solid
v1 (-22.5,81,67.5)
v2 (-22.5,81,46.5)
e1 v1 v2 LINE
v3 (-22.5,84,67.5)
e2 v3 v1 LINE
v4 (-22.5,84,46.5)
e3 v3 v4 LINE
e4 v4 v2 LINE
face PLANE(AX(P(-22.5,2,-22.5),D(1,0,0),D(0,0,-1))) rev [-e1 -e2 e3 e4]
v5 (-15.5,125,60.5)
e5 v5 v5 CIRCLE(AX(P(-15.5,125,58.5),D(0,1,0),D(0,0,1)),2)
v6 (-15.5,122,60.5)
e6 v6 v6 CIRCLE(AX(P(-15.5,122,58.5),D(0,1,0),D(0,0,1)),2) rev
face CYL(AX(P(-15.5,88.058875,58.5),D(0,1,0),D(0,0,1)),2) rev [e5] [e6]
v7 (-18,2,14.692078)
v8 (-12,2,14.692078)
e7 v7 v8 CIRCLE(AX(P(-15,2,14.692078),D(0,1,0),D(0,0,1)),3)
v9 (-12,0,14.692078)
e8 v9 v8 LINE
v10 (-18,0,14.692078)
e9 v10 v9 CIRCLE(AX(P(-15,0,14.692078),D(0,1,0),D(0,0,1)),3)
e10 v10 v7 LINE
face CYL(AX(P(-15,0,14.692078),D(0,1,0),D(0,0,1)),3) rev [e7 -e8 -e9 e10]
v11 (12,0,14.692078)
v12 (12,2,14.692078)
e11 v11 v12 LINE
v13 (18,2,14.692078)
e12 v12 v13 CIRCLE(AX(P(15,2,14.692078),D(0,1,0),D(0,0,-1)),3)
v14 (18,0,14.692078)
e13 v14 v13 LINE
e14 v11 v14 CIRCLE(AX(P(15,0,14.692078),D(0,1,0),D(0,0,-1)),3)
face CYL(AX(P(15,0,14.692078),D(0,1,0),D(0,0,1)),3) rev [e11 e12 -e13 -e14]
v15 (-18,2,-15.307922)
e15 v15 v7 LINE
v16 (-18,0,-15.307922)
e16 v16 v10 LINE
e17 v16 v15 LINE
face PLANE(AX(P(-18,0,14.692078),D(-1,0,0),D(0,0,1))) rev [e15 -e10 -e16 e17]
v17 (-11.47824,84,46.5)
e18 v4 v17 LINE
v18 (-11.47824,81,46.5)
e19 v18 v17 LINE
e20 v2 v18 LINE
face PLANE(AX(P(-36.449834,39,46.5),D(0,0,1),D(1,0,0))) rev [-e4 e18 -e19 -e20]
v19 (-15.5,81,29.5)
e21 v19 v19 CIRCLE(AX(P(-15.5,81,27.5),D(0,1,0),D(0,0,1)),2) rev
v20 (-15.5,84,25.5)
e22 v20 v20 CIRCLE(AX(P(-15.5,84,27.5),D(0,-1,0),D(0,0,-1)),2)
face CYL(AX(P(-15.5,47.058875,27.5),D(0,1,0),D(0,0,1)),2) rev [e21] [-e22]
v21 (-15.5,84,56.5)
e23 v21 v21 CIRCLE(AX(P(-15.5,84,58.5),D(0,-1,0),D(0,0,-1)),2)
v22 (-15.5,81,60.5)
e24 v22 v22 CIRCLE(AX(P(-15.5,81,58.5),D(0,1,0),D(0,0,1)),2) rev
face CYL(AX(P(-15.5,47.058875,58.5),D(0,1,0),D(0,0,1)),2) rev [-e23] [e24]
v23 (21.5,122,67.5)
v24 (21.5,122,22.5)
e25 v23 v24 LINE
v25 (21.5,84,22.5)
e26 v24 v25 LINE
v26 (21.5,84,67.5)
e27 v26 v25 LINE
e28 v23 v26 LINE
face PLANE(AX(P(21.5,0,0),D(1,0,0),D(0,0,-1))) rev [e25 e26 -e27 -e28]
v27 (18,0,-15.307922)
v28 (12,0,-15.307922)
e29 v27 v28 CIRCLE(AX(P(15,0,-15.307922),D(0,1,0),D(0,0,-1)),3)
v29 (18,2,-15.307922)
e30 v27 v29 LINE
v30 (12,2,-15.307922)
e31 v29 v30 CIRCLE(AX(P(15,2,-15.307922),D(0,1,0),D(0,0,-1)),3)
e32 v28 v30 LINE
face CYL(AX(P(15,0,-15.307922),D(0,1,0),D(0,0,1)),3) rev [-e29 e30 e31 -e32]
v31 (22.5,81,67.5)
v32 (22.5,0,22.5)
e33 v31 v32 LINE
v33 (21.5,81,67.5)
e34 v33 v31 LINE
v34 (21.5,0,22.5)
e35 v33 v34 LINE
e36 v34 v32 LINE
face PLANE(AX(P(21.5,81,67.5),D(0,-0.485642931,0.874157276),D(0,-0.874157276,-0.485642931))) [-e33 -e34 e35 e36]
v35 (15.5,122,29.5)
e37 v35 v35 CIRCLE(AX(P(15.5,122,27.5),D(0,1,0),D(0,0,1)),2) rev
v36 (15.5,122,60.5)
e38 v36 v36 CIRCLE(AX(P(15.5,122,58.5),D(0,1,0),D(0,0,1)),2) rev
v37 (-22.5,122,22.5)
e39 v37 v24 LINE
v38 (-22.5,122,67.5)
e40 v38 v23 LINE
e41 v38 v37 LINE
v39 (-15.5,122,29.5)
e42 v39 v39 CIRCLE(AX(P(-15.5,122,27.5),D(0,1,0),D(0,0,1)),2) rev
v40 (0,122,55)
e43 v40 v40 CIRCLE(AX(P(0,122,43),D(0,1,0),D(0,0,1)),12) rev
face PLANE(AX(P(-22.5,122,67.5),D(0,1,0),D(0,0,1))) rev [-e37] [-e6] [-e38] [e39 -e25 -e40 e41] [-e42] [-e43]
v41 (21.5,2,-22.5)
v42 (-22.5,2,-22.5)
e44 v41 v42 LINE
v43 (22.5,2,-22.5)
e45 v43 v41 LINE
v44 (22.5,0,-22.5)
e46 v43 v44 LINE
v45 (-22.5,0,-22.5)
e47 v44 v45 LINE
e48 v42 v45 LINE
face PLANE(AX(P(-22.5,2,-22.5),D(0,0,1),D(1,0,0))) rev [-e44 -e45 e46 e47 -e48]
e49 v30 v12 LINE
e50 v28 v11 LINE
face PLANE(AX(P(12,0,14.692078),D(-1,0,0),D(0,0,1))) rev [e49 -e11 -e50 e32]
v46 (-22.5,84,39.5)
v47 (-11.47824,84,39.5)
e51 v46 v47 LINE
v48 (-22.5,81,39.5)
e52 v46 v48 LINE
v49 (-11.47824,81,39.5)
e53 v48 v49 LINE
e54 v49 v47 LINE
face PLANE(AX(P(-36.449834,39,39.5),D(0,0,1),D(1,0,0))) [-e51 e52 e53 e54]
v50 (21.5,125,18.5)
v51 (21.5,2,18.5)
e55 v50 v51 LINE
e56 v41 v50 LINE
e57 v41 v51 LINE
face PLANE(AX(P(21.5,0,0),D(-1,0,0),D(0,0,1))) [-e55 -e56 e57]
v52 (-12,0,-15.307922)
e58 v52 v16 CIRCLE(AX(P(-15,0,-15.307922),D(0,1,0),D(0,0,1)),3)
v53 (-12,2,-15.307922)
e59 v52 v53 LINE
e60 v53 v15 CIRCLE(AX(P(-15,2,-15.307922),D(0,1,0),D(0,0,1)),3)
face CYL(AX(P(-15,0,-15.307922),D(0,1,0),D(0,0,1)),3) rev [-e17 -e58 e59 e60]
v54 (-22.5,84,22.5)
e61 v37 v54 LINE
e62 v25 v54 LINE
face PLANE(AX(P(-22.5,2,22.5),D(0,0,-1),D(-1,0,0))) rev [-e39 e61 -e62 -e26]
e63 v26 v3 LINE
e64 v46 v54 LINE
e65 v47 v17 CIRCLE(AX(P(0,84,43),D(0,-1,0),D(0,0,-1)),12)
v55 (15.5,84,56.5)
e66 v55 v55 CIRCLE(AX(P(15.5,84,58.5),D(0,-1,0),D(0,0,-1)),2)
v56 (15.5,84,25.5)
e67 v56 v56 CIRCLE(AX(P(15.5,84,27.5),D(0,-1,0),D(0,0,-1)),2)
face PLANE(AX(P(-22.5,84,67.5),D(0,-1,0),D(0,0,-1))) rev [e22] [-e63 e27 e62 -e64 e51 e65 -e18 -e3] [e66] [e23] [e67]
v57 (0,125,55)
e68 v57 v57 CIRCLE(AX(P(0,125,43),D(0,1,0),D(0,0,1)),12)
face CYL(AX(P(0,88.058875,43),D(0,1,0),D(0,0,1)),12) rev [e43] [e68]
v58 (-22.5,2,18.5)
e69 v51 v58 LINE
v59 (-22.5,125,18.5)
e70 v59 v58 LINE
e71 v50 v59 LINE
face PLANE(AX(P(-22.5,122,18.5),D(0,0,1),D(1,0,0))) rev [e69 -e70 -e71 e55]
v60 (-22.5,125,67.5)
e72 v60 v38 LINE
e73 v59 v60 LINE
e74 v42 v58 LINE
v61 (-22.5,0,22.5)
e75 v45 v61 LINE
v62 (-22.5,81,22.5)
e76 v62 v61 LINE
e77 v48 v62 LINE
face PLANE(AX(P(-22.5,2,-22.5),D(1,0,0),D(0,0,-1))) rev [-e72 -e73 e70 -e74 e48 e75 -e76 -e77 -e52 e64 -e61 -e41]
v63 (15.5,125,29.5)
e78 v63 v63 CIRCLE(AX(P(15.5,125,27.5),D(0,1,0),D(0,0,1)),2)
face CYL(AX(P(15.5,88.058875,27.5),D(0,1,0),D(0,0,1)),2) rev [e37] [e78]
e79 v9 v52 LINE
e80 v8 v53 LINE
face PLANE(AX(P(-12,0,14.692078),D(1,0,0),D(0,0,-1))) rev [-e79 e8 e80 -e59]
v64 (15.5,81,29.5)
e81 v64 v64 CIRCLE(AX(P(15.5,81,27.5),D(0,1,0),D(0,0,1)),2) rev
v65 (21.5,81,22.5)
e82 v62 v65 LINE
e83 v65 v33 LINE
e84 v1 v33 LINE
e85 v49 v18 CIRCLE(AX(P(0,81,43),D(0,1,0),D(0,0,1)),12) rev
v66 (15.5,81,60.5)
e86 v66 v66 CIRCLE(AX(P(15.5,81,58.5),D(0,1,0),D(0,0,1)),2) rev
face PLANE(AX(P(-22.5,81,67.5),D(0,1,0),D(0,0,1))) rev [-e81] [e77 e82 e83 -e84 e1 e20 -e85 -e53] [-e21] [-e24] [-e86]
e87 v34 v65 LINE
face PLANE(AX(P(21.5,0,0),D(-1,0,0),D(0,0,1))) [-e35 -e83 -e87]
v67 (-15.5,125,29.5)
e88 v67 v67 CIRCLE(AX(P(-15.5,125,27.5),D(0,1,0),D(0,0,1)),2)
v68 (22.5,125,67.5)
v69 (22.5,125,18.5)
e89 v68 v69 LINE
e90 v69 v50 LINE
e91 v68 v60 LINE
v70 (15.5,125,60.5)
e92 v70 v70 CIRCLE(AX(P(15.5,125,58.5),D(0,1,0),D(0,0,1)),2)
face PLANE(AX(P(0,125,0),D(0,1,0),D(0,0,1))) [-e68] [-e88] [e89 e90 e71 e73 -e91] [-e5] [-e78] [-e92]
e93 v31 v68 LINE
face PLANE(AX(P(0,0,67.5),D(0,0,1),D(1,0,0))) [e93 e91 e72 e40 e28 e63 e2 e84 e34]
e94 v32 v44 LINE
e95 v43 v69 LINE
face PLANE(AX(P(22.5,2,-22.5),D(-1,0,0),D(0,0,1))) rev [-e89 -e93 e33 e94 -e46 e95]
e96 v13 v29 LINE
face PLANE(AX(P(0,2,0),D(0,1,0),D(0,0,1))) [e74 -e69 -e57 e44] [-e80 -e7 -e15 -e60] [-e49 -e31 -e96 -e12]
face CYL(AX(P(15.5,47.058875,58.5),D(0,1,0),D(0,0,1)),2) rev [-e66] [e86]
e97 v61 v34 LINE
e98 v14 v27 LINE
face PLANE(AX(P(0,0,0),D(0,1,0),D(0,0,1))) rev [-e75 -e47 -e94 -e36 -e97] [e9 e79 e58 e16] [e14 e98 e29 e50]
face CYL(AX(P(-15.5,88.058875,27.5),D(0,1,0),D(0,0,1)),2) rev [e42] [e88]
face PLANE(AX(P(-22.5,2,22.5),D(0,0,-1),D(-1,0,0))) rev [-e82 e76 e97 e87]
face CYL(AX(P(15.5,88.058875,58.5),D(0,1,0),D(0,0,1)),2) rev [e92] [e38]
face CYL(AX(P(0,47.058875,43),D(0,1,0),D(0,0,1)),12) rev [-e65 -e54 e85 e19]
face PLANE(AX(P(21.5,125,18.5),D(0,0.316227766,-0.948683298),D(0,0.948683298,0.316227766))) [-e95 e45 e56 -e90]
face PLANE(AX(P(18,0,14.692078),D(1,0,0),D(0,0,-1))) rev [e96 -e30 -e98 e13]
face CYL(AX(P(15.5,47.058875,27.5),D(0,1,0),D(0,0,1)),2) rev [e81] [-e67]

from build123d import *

# Parameters (mm, degrees)
CROQUIS1_W              = 45
CROQUIS1_H              = 45
SALIENTE_EXTRUIR1_DEPTH = 2
CORTAR_EXTRUIR1_DEPTH   = 2
CROQUIS3_W              = 45
CROQUIS3_H              = 4
SALIENTE_EXTRUIR2_DEPTH = 120
CROQUIS4_W              = 45
CROQUIS4_H              = 4
SALIENTE_EXTRUIR3_DEPTH = 3
CROQUIS5_W              = 45
CROQUIS5_H              = 3
SALIENTE_EXTRUIR4_DEPTH = 45
CROQUIS6_R              = 12
CROQUIS6_R_2            = 2
CORTAR_EXTRUIR2_DEPTH   = 3
CROQUIS7_W              = 45
CROQUIS7_H              = 3
SALIENTE_EXTRUIR5_DEPTH = 45
CROQUIS8_R              = 12
CROQUIS8_R_2            = 2
CORTAR_EXTRUIR4_DEPTH   = 44
CROQUIS11_W             = 27.899668072
CROQUIS11_H             = 7
CORTAR_EXTRUIR5_DEPTH   = 45
SALIENTE_EXTRUIR6_DEPTH = 1
SALIENTE_EXTRUIR7_DEPTH = 1
SALIENTE_EXTRUIR8_DEPTH = 1


with BuildPart() as part:
    # Croquis1 → Saliente-Extruir1 (new body)
    with BuildSketch(Plane(origin=(0, 0, 0), x_dir=(1, 0, 0), z_dir=(0, 1, 0))):
        Rectangle(CROQUIS1_W, CROQUIS1_H)
    extrude(amount=SALIENTE_EXTRUIR1_DEPTH)

    # Croquis2 → Cortar-Extruir1 (cut)
    with BuildSketch(Plane(origin=(0, 2, 0), x_dir=(1, 0, 0), z_dir=(0, 1, 0))):
        with BuildLine():
            Line((-18, -14.692077551), (-18, 15.307922449))
            ThreePointArc((-18, 15.307922449), (-15, 18.307922449), (-12, 15.307922449))
            Line((-12, 15.307922449), (-12, -14.692077551))
            ThreePointArc((-12, -14.692077551), (-15, -17.692077551), (-18, -14.692077551))
        make_face()
        with BuildLine():
            Line((18, -14.692077551), (18, 15.307922449))
            ThreePointArc((18, 15.307922449), (15, 18.307922449), (12, 15.307922449))
            Line((12, 15.307922449), (12, -14.692077551))
            ThreePointArc((12, -14.692077551), (15, -17.692077551), (18, -14.692077551))
        make_face()
    extrude(amount=-CORTAR_EXTRUIR1_DEPTH, mode=Mode.SUBTRACT)

    # Croquis3 → Saliente-Extruir2 (add)
    with BuildSketch(Plane(origin=(0, 2, 0), x_dir=(1, 0, 0), z_dir=(0, 1, 0))):
        with Locations((0, -20.5)):
            Rectangle(CROQUIS3_W, CROQUIS3_H)
    extrude(amount=SALIENTE_EXTRUIR2_DEPTH)

    # Croquis4 → Saliente-Extruir3 (add)
    with BuildSketch(Plane(origin=(0, 122, 0), x_dir=(1, 0, 0), z_dir=(0, 1, 0))):
        with Locations((0, -20.5)):
            Rectangle(CROQUIS4_W, CROQUIS4_H)
    extrude(amount=SALIENTE_EXTRUIR3_DEPTH)

    # Croquis5 → Saliente-Extruir4 (add)
    with BuildSketch(Plane.XY.offset(22.5)):
        with Locations((0, 123.5)):
            Rectangle(CROQUIS5_W, CROQUIS5_H)
    extrude(amount=SALIENTE_EXTRUIR4_DEPTH)

    # Croquis6 → Cortar-Extruir2 (cut)
    with BuildSketch(Plane(origin=(0, 125, 0), x_dir=(1, 0, 0), z_dir=(0, 1, 0))):
        with Locations((0, -43)):
            Circle(CROQUIS6_R)
        with Locations((-15.5, -27.5)):
            Circle(CROQUIS6_R_2)
        with Locations((15.5, -27.5)):
            Circle(CROQUIS6_R_2)
        with Locations((15.5, -58.5)):
            Circle(CROQUIS6_R_2)
        with Locations((-15.5, -58.5)):
            Circle(CROQUIS6_R_2)
    extrude(amount=-CORTAR_EXTRUIR2_DEPTH, mode=Mode.SUBTRACT)

    # Croquis7 → Saliente-Extruir5 (add)
    with BuildSketch(Plane.XY.offset(22.5)):
        with Locations((0, 82.5)):
            Rectangle(CROQUIS7_W, CROQUIS7_H)
    extrude(amount=SALIENTE_EXTRUIR5_DEPTH)

    # Croquis8 → Cortar-Extruir4 (cut)
    with BuildSketch(Plane(origin=(0, 125, 0), x_dir=(1, 0, 0), z_dir=(0, 1, 0))):
        with Locations((0, -43)):
            Circle(CROQUIS8_R)
        with Locations((15.5, -58.5)):
            Circle(CROQUIS8_R_2)
        with Locations((15.5, -27.5)):
            Circle(CROQUIS8_R_2)
        with Locations((-15.5, -27.5)):
            Circle(CROQUIS8_R_2)
        with Locations((-15.5, -58.5)):
            Circle(CROQUIS8_R_2)
    extrude(amount=-CORTAR_EXTRUIR4_DEPTH, mode=Mode.SUBTRACT)

    # Croquis11 → Cortar-Extruir5 (cut)
    with BuildSketch(Plane(origin=(0, 84, 0), x_dir=(1, 0, 0), z_dir=(0, 1, 0))):
        with Locations((-22.5, -43)):
            Rectangle(CROQUIS11_W, CROQUIS11_H)
    extrude(amount=-CORTAR_EXTRUIR5_DEPTH, mode=Mode.SUBTRACT)

    # Croquis14 → Saliente-Extruir6 (add)
    with BuildSketch(Plane(origin=(22.5, 0, 0), x_dir=(0, 0, -1), z_dir=(1, 0, 0))):
        Polygon((-67.5, 122), (-67.5, 84), (-18.5, 84), (-18.5, 125), (-67.5, 125), align=None)
    extrude(amount=-SALIENTE_EXTRUIR6_DEPTH)

    # Croquis16 → Saliente-Extruir7 (add)
    with BuildSketch(Plane(origin=(22.5, 0, 0), x_dir=(0, 0, -1), z_dir=(1, 0, 0))):
        Polygon((-18.5, 125), (22.5, 2), (22.5, 0), (-22.5, 0), (-22.5, 125), align=None)
    extrude(amount=-SALIENTE_EXTRUIR7_DEPTH)

    # Croquis17 → Saliente-Extruir8 (add)
    with BuildSketch(Plane(origin=(22.5, 0, 0), x_dir=(0, 0, -1), z_dir=(1, 0, 0))):
        Polygon((-67.5, 81), (-22.5, 0), (-22.5, 84), (-67.5, 84), align=None)
    extrude(amount=-SALIENTE_EXTRUIR8_DEPTH)


solid = part.part
